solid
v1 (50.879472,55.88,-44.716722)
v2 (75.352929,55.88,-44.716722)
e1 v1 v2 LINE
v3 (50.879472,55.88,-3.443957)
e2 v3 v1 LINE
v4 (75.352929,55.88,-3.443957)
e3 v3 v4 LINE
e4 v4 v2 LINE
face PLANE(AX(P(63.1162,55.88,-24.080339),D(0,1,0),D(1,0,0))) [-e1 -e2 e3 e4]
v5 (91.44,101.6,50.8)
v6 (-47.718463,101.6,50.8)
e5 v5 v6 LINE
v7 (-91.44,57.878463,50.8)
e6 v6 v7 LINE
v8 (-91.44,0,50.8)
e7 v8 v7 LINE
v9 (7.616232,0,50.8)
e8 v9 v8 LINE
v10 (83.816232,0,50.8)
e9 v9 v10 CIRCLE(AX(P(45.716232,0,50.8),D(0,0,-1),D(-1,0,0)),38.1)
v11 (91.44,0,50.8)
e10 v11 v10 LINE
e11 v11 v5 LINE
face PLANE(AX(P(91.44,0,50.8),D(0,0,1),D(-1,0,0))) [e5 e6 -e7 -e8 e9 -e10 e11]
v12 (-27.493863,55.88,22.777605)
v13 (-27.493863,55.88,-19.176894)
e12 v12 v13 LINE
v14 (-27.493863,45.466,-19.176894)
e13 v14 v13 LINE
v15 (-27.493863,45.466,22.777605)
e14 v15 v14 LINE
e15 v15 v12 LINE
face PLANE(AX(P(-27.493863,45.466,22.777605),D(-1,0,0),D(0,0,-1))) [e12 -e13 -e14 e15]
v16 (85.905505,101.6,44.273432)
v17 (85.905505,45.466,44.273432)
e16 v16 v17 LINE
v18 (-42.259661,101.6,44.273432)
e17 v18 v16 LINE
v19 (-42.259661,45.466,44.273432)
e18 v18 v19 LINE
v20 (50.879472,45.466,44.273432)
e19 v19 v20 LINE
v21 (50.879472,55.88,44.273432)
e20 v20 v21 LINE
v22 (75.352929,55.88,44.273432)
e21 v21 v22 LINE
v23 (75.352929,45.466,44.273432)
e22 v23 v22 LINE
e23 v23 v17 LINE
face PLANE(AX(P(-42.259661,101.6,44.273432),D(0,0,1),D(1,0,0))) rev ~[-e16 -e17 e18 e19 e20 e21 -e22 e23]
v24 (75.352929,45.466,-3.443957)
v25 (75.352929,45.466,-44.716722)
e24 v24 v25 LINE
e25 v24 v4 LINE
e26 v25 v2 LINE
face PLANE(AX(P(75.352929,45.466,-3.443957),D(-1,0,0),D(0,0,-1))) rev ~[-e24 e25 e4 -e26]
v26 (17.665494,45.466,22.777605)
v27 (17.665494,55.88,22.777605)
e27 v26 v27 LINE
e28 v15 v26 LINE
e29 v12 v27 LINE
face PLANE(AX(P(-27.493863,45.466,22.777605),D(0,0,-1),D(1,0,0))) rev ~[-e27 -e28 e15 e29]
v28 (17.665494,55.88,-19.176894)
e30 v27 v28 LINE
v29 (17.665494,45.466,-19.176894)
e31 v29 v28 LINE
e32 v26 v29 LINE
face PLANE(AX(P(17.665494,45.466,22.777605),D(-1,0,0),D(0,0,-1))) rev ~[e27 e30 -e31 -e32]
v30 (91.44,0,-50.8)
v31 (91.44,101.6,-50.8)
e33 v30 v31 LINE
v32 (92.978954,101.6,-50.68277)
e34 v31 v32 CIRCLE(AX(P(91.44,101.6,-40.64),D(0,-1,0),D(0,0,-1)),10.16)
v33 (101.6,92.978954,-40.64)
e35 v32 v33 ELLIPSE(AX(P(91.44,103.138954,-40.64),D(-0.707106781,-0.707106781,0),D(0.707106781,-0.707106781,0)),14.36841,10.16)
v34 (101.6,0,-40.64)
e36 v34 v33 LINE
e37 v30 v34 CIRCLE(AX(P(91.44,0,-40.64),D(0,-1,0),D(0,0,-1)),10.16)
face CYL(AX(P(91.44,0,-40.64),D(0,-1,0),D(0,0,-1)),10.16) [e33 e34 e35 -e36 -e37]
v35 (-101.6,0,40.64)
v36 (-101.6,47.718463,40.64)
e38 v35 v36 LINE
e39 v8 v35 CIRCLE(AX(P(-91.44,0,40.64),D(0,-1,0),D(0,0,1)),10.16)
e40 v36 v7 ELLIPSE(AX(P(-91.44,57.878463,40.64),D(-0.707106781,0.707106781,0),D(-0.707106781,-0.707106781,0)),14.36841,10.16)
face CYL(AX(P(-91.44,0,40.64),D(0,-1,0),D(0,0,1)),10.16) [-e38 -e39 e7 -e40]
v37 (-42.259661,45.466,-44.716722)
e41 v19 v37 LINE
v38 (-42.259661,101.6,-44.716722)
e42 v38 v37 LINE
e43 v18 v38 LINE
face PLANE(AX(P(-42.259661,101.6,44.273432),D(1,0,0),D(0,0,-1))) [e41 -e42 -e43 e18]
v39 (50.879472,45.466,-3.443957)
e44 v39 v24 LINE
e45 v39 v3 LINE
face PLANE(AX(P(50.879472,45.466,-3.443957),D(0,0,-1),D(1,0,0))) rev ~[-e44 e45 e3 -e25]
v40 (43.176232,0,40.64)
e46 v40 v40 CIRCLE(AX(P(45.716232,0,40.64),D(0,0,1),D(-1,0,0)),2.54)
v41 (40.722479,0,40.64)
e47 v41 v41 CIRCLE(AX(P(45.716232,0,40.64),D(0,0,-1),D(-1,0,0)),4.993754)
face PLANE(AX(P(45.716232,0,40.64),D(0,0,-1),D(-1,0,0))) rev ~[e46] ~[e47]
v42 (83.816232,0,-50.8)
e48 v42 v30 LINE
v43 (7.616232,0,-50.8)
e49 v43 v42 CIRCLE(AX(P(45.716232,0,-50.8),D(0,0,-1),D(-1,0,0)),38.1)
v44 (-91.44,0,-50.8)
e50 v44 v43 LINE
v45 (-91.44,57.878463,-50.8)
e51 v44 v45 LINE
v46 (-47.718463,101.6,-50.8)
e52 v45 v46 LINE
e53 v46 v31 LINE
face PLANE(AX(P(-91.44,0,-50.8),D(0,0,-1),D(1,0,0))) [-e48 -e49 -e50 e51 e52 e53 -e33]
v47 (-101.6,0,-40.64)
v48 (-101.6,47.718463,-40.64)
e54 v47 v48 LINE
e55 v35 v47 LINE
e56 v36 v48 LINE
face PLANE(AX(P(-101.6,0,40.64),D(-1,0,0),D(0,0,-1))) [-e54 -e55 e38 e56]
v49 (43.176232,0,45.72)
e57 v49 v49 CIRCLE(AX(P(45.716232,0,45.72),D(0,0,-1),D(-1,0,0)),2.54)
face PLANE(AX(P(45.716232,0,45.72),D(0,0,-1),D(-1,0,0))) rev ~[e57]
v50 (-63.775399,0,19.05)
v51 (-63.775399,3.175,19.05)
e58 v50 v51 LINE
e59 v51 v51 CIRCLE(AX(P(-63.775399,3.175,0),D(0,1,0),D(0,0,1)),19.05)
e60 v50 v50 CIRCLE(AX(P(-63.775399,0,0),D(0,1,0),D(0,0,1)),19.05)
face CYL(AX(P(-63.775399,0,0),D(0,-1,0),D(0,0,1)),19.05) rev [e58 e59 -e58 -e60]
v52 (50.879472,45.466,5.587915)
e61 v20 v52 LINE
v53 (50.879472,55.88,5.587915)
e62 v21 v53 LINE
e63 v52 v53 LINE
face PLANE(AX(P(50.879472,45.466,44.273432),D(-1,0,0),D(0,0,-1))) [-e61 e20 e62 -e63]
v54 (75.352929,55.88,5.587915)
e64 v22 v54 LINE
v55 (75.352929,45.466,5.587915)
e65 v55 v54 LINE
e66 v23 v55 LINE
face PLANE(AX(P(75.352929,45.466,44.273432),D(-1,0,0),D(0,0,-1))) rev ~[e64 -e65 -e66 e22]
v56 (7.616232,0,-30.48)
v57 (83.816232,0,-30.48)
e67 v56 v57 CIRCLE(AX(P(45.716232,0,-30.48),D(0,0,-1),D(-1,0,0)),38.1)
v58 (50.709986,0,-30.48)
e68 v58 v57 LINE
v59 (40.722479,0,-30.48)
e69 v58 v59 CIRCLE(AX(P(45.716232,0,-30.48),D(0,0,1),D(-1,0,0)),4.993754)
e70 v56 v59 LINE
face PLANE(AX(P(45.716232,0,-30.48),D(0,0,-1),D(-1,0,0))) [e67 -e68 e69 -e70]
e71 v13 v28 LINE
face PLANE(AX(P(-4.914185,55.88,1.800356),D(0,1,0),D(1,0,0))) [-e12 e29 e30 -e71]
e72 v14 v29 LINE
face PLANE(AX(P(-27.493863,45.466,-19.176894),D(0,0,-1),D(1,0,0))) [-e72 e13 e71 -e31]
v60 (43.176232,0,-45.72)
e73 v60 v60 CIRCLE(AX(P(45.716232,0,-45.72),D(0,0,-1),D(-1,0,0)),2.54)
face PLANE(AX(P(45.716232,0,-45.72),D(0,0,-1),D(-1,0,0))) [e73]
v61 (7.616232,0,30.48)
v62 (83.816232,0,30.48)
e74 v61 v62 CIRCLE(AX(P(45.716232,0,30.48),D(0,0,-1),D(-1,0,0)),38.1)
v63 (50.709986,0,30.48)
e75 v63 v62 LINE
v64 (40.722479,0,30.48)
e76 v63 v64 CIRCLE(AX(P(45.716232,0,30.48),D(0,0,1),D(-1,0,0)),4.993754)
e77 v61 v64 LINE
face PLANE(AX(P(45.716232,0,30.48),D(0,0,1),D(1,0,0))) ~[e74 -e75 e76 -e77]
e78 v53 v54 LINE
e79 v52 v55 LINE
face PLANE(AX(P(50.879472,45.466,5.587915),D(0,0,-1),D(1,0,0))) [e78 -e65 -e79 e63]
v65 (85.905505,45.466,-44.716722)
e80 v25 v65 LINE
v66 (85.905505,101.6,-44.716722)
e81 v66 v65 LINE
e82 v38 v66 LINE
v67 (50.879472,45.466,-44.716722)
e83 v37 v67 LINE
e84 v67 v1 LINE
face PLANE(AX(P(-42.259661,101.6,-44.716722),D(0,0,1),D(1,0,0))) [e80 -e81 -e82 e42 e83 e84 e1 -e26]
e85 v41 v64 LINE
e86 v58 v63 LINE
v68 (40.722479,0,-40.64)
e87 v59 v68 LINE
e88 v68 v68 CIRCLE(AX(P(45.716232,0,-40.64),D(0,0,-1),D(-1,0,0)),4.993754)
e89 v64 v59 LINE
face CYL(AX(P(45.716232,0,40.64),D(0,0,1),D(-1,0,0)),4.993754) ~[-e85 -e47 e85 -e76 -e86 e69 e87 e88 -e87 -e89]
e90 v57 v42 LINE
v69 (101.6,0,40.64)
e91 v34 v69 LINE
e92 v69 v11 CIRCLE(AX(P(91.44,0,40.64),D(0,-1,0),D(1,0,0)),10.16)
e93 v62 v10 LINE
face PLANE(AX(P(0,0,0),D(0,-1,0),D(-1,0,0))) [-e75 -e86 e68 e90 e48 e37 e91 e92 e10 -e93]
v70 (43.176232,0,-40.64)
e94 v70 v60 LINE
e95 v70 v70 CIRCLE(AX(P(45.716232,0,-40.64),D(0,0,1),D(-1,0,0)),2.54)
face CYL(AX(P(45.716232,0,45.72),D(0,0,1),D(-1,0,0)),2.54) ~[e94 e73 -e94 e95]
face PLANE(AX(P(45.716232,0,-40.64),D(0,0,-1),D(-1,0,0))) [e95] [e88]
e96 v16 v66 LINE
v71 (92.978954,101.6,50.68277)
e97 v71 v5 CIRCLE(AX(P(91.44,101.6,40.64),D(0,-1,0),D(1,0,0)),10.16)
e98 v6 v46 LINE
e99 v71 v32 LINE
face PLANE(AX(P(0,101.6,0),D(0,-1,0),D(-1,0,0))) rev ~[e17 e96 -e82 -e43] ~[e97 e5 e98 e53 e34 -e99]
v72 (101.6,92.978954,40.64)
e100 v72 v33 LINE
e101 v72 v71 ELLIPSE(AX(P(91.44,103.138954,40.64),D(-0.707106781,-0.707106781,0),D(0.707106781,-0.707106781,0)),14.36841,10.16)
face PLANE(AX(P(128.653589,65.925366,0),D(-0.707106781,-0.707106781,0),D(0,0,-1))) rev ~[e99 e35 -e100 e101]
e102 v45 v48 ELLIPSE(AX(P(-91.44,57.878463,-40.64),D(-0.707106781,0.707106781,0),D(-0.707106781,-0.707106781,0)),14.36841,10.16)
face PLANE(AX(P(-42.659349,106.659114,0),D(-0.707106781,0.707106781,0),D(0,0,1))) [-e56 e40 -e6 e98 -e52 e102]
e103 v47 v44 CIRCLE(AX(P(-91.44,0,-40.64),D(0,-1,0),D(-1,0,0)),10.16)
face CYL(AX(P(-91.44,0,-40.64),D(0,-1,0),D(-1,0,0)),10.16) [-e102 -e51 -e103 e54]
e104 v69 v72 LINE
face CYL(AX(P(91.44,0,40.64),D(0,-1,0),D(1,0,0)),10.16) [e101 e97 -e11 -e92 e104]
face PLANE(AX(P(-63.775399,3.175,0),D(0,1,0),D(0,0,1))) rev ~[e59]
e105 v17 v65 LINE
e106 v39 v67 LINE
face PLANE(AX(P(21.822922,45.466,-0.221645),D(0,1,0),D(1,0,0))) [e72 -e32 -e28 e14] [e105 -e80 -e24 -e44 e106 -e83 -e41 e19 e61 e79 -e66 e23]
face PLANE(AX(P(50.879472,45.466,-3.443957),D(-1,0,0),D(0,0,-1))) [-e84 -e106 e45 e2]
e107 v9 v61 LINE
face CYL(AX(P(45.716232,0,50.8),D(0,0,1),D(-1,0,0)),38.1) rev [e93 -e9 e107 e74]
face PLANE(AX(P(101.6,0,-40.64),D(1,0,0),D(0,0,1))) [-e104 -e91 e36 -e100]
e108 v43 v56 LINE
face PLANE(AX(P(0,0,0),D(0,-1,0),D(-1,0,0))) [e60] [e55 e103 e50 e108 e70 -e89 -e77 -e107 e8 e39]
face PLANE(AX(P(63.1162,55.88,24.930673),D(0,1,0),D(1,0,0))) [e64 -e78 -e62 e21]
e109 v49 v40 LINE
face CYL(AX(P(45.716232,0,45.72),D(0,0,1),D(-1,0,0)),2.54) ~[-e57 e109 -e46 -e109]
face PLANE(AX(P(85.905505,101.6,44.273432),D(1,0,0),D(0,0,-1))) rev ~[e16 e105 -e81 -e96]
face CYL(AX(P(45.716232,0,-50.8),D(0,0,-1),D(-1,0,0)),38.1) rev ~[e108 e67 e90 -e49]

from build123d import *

# Parameters (mm, degrees)
BOSS_EXTRUDE1_DEPTH      = 101.6
SKETCH4_R                = 38.1
CUT_EXTRUDE1_DEPTH       = 20.32
BOSS_EXTRUDE3_DEPTH      = 10.16
BOSS_EXTRUDE3_DEPTH_BACK = 71.12
SKETCH5_R                = 4.993753619
BOSS_EXTRUDE4_DEPTH      = 5.08
BOSS_EXTRUDE4_DEPTH_BACK = 86.36
SKETCH6_R                = 2.54
SKETCH8_R                = 19.05
CUT_EXTRUDE2_DEPTH       = 3.175
SKETCH9_W                = 204.446341232
SKETCH9_H                = 212.005576541
CUT_EXTRUDE3_DEPTH       = 38.1
SKETCH10_W               = 191.95217793
SKETCH10_H               = 158.555264397
CUT_EXTRUDE4_DEPTH       = 6.096
SKETCH11_W               = 128.165166247
SKETCH11_H               = 88.990153167
CUT_EXTRUDE5_DEPTH       = 56.134
SKETCH12_W               = 45.159356145
SKETCH12_H               = 41.954498612
SKETCH12_W_2             = 24.473457524
SKETCH12_H_2             = 41.272764935
SKETCH12_H_3             = 38.685517003
BOSS_EXTRUDE5_DEPTH      = 10.414


with BuildPart() as part:
    # Sketch1 → Boss-Extrude1 (new body)
    with BuildSketch(Plane(origin=(0, 0, 0), x_dir=(1, 0, 0), z_dir=(0, 1, 0))):
        with BuildLine():
            Line((-91.44, 50.8), (91.44, 50.8))
            ThreePointArc((91.44, 50.8), (98.624204897, 47.824204897), (101.6, 40.64))
            Line((101.6, 40.64), (101.6, -40.64))
            ThreePointArc((101.6, -40.64), (98.624204897, -47.824204897), (91.44, -50.8))
            Line((91.44, -50.8), (-91.44, -50.8))
            ThreePointArc((-91.44, -50.8), (-98.624204897, -47.824204897), (-101.6, -40.64))
            Line((-101.6, -40.64), (-101.6, 40.64))
            ThreePointArc((-101.6, 40.64), (-98.624204897, 47.824204897), (-91.44, 50.8))
        make_face()
    extrude(amount=BOSS_EXTRUDE1_DEPTH)

    # Sketch4 → Cut-Extrude1 (cut)
    with BuildSketch(Plane(origin=(0, 0, -50.8), x_dir=(-1, 0, 0), z_dir=(0, 0, -1))):
        with Locations((-45.716232369, 0)):
            Circle(SKETCH4_R)
    cut_extrude1 = extrude(amount=-CUT_EXTRUDE1_DEPTH, mode=Mode.SUBTRACT)

    # Mirror1: Cut-Extrude1 across plane
    add(cut_extrude1.mirror(Plane.XY), mode=Mode.SUBTRACT)

    # Sketch5 → Boss-Extrude3 (add, two sides: drawn at the far end of the back side and taken through both)
    with BuildSketch(Plane(origin=(0, 0, -30.48), x_dir=(-1, 0, 0), z_dir=(0, 0, -1)).offset(-BOSS_EXTRUDE3_DEPTH_BACK)):
        with Locations((-45.716232369, 0)):
            Circle(SKETCH5_R)
    extrude(amount=BOSS_EXTRUDE3_DEPTH + BOSS_EXTRUDE3_DEPTH_BACK)

    # Sketch6 → Boss-Extrude4 (add, two sides: drawn at the far end of the back side and taken through both)
    with BuildSketch(Plane(origin=(0, 0, -40.64), x_dir=(-1, 0, 0), z_dir=(0, 0, -1)).offset(-BOSS_EXTRUDE4_DEPTH_BACK)):
        with Locations((-45.716232369, 0)):
            Circle(SKETCH6_R)
    extrude(amount=BOSS_EXTRUDE4_DEPTH + BOSS_EXTRUDE4_DEPTH_BACK)

    # Sketch8 → Cut-Extrude2 (cut)
    with BuildSketch(Plane(origin=(0, 0, 0), x_dir=(1, 0, 0), z_dir=(0, 1, 0))):
        with Locations(Location((-63.77539901, 0, 0), (0, 0, 270))):
            Circle(SKETCH8_R)
    extrude(amount=CUT_EXTRUDE2_DEPTH, mode=Mode.SUBTRACT)

    # Sketch9 → Cut-Extrude3 (cut)
    with BuildSketch(Plane(origin=(-101.6, 101.6, 0), x_dir=(0, 0, 1), z_dir=(-0.7071067811865512, 0.7071067811865438, 0))):
        with Locations((0, 45.254668325)):
            Rectangle(SKETCH9_W, SKETCH9_H)
    extrude(amount=-CUT_EXTRUDE3_DEPTH, mode=Mode.SUBTRACT)

    # Sketch10 → Cut-Extrude4 (cut)
    with BuildSketch(Plane(origin=(101.6, 101.6, 0), x_dir=(0, 0, -1), z_dir=(-0.7071067811865512, -0.7071067811865438, 0))):
        with Locations((0, 44.355551834)):
            Rectangle(SKETCH10_W, SKETCH10_H)
    extrude(amount=CUT_EXTRUDE4_DEPTH, mode=Mode.SUBTRACT)

    # Sketch11 → Cut-Extrude5 (cut)
    with BuildSketch(Plane(origin=(0, 101.6, 0), x_dir=(1, 0, 0), z_dir=(0, 1, 0))):
        with Locations((21.822922161, 0.221645033)):
            Rectangle(SKETCH11_W, SKETCH11_H)
    extrude(amount=-CUT_EXTRUDE5_DEPTH, mode=Mode.SUBTRACT)

    # Sketch12 → Boss-Extrude5 (add)
    with BuildSketch(Plane(origin=(0, 45.466, 0), x_dir=(1, 0, 0), z_dir=(0, 1, 0))):
        with Locations((-4.914184507, -1.800355644)):
            Rectangle(SKETCH12_W, SKETCH12_H)
        with Locations((63.116200395, 24.08033915)):
            Rectangle(SKETCH12_W_2, SKETCH12_H_2)
        with Locations((63.116200395, -24.930673049)):
            Rectangle(SKETCH12_W_2, SKETCH12_H_3)
    extrude(amount=BOSS_EXTRUDE5_DEPTH)


solid = part.part
